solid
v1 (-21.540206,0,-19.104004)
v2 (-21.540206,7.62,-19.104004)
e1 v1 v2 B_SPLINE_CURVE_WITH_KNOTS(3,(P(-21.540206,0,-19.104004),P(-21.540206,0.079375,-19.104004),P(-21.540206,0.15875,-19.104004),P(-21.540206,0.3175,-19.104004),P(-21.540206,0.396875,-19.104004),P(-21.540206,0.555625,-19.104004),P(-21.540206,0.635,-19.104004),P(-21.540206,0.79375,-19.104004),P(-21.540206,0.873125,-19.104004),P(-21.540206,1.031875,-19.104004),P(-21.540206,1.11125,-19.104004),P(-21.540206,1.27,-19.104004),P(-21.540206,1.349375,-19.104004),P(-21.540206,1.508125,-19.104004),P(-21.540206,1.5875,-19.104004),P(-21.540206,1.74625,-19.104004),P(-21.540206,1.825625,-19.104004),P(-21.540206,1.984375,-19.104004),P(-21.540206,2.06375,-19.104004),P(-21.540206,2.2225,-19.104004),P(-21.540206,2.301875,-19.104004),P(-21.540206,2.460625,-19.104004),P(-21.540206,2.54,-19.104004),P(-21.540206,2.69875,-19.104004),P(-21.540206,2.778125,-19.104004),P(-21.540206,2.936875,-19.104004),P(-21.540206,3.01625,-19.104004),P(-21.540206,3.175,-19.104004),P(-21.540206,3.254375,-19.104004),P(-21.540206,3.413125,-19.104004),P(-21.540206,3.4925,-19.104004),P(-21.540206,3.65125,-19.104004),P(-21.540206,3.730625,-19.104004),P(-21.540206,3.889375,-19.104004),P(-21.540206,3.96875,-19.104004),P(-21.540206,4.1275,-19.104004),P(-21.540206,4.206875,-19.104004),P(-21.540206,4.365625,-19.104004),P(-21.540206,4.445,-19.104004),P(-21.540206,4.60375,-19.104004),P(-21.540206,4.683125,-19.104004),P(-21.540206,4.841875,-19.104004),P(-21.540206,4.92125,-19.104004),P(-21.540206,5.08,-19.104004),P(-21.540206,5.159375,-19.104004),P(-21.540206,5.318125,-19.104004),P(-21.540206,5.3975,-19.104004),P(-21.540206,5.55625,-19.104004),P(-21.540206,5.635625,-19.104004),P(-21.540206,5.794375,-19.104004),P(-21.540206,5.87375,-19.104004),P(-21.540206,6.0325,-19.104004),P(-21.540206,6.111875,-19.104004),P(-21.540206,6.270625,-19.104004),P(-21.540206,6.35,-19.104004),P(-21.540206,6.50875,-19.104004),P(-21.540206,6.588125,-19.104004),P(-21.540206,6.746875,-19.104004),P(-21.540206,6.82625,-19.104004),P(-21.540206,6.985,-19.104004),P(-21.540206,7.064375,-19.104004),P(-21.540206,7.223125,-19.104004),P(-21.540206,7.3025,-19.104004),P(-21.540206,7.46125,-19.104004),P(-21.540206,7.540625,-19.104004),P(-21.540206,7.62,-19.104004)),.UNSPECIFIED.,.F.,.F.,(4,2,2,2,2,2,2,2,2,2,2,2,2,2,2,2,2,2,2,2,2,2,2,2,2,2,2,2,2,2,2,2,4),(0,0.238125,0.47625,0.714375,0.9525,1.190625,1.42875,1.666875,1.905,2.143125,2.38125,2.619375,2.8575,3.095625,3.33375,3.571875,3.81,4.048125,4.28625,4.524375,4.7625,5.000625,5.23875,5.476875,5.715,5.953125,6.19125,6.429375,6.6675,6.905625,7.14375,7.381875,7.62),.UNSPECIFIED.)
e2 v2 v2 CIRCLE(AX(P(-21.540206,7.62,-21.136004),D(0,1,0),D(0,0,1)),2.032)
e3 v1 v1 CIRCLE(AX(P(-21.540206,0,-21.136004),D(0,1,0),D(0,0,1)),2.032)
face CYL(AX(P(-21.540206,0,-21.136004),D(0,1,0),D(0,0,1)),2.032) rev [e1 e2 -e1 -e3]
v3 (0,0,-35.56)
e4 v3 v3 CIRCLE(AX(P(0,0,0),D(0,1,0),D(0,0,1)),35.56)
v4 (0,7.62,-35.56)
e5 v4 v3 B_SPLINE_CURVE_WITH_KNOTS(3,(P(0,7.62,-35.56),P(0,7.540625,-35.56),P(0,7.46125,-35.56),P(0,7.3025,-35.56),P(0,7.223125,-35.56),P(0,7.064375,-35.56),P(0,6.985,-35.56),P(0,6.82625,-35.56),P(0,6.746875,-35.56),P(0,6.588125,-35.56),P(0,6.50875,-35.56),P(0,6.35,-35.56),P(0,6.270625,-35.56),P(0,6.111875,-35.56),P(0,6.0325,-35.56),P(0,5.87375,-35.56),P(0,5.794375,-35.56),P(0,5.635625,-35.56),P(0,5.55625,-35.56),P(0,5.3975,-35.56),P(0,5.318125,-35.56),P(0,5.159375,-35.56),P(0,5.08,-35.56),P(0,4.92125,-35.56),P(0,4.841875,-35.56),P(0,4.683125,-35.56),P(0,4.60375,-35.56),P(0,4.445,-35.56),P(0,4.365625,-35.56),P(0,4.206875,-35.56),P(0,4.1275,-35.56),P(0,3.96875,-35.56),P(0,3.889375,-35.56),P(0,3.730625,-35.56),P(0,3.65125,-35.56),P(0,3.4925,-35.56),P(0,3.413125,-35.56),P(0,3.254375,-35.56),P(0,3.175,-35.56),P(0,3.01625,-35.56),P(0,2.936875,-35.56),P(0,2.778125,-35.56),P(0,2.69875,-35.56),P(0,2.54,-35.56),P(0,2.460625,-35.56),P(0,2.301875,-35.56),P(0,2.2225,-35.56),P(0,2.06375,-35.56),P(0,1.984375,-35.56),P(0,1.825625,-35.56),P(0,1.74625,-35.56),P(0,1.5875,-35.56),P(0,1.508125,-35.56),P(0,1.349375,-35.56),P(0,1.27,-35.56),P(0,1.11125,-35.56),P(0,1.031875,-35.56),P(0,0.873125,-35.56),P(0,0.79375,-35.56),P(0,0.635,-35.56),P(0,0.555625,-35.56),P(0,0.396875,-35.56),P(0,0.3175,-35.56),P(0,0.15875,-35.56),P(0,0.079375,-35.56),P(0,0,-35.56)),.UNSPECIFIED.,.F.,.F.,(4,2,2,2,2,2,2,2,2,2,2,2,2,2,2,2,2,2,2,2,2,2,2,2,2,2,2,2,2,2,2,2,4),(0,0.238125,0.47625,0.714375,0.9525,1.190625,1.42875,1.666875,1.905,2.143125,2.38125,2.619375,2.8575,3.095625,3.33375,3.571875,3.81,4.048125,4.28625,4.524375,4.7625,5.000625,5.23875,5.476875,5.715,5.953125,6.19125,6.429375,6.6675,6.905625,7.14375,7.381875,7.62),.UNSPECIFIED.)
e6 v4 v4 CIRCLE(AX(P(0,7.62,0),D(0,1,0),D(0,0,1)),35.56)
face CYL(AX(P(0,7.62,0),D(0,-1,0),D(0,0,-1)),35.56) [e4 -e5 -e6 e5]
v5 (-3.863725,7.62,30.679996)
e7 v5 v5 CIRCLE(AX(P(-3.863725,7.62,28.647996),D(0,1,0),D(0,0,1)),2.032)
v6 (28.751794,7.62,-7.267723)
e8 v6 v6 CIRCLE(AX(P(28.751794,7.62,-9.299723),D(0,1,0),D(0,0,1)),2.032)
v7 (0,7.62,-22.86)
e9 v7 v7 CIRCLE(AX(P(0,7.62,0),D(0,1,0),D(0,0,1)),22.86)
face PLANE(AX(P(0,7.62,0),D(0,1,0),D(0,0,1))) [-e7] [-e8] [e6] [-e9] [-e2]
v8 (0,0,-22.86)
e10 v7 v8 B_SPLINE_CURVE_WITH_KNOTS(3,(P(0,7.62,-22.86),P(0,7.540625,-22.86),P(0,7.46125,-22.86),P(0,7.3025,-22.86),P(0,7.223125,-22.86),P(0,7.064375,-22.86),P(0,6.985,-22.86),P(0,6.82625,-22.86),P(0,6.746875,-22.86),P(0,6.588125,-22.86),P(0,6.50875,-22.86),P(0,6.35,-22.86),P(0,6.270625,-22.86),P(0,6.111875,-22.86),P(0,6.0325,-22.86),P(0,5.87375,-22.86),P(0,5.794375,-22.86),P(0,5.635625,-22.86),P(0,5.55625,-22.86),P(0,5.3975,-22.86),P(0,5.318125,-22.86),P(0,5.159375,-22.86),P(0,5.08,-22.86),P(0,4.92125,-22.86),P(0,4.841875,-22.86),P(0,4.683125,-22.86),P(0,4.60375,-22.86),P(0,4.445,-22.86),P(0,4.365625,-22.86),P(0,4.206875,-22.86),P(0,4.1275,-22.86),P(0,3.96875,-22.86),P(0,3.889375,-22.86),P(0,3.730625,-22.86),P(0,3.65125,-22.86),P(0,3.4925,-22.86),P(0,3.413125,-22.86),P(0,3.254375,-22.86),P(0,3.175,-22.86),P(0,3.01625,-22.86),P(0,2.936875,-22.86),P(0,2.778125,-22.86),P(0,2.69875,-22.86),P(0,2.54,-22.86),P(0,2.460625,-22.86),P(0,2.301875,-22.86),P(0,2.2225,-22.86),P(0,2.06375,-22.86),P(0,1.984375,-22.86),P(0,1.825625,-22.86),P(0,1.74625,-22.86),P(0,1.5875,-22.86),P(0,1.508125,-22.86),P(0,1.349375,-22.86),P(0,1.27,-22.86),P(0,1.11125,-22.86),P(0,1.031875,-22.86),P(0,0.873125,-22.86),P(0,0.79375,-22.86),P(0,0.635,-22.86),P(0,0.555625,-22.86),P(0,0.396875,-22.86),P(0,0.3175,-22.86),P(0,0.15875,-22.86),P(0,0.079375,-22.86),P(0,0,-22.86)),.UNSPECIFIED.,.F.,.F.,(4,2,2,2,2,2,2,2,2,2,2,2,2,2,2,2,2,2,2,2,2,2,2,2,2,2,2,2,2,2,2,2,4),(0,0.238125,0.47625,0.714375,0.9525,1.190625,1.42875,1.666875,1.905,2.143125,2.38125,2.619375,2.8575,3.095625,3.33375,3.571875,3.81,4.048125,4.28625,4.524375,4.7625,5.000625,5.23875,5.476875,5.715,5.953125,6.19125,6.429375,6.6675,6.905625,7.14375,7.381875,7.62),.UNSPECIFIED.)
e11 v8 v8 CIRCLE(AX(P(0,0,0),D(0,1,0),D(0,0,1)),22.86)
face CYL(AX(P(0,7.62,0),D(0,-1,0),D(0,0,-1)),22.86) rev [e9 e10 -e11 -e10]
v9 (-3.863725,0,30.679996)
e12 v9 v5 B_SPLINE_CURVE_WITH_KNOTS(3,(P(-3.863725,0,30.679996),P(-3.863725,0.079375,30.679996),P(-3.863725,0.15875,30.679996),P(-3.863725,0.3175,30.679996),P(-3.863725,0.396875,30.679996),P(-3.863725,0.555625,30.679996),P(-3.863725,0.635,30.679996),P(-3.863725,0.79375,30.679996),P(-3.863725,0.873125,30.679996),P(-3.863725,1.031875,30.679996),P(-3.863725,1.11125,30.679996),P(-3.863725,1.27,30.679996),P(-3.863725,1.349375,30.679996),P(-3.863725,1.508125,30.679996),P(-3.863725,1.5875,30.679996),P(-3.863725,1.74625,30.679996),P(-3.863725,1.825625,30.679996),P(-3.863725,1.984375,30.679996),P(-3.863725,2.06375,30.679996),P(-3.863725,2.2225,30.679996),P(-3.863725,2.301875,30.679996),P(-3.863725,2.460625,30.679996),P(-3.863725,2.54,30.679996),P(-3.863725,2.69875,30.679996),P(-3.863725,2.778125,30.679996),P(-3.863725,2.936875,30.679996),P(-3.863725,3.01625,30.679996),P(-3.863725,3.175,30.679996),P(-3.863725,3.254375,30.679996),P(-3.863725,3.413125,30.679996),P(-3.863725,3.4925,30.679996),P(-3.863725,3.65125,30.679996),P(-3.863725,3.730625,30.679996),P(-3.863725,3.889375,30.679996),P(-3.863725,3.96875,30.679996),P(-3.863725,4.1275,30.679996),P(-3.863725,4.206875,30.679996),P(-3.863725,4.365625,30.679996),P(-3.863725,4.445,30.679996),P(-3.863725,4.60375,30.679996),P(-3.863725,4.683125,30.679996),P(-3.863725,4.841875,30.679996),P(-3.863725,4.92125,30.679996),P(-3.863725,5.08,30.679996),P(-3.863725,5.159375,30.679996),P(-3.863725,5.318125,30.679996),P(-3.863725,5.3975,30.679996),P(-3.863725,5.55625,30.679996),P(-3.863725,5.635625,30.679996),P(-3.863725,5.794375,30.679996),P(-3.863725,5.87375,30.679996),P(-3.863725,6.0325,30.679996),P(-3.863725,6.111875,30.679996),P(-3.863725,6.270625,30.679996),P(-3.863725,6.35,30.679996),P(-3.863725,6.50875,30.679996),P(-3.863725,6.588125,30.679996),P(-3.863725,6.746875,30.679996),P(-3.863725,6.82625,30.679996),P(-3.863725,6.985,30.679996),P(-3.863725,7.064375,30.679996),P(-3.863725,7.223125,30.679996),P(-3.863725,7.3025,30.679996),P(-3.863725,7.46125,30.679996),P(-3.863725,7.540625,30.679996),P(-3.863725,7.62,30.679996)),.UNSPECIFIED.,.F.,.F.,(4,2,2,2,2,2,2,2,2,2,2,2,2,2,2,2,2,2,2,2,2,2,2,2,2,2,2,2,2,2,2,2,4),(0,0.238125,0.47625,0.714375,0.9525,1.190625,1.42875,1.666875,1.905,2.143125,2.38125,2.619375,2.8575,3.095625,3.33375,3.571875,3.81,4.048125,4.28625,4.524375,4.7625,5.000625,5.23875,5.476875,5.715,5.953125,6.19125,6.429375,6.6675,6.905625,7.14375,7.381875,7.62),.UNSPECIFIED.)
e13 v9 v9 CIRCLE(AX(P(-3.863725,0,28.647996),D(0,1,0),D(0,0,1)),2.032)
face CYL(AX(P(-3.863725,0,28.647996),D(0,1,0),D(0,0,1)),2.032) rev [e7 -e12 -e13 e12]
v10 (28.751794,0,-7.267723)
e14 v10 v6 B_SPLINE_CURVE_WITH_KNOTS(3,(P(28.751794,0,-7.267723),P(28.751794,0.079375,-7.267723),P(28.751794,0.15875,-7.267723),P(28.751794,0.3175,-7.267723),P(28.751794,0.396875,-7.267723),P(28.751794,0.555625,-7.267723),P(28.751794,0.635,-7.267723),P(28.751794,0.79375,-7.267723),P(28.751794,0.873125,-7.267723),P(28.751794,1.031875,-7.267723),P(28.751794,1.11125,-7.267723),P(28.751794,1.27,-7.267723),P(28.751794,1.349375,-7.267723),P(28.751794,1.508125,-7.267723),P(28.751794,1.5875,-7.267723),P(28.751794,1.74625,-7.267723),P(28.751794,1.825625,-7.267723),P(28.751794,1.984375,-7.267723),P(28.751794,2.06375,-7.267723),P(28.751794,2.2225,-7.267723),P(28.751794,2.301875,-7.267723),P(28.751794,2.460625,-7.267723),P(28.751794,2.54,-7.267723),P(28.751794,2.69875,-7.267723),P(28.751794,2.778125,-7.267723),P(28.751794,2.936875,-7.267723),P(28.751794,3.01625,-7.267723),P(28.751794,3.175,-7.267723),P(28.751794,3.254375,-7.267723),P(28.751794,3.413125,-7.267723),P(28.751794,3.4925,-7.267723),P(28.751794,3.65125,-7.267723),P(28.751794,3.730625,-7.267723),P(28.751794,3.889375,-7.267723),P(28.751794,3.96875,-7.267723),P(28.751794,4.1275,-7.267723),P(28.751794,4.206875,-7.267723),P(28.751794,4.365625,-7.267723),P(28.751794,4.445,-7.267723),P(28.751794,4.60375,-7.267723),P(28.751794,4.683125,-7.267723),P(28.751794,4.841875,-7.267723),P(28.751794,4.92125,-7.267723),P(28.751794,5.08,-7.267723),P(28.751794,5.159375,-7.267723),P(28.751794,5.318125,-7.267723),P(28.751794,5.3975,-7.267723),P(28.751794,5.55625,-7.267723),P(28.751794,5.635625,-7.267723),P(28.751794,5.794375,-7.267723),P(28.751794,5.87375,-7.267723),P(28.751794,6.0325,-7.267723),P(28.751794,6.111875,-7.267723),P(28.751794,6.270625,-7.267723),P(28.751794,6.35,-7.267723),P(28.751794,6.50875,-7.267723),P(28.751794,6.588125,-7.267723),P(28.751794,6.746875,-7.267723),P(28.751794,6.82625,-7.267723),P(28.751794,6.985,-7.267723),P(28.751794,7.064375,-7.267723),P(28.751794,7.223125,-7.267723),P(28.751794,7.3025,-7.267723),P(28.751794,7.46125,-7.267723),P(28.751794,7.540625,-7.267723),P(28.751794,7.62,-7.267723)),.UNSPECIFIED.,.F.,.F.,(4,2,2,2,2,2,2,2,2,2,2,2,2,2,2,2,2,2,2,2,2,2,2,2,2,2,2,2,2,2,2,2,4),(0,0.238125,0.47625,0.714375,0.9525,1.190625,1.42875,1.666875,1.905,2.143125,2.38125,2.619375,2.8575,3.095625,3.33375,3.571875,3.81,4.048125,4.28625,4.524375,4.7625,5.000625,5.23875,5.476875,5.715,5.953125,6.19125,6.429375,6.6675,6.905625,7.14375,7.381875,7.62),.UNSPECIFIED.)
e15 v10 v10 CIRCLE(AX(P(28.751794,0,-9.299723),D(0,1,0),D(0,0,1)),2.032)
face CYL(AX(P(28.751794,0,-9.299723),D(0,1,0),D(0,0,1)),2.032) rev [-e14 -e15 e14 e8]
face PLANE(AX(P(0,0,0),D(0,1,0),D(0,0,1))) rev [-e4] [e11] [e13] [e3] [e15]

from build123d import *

# Parameters (mm, degrees)
SKETCH1_R           = 35.56
SKETCH1_R_2         = 22.86
BOSS_EXTRUDE1_DEPTH = 7.62
SKETCH2_R           = 2.032
CUT_EXTRUDE1_DEPTH  = 51.863460362


with BuildPart() as part:
    # Sketch1 → Boss-Extrude1 (new body)
    with BuildSketch(Plane(origin=(0, 0, 0), x_dir=(1, 0, 0), z_dir=(0, 1, 0))):
        with Locations(Location((0, 0, 0), (0, 0, 90))):
            Circle(SKETCH1_R)
        with Locations(Location((0, 0, 0), (0, 0, 90))):
            Circle(SKETCH1_R_2, mode=Mode.SUBTRACT)
    extrude(amount=BOSS_EXTRUDE1_DEPTH)

    # Sketch2 → Cut-Extrude1 (cut, through all)
    with BuildSketch(Plane(origin=(0, 7.62, 0), x_dir=(1, 0, 0), z_dir=(0, 1, 0))):
        with Locations(Location((28.751793919, 9.299723395, 0), (0, 0, 270))):
            Circle(SKETCH2_R)
        with Locations(Location((-3.863724802, -28.647995674, 0), (0, 0, 270))):
            Circle(SKETCH2_R)
        with Locations(Location((-21.540206081, 21.136004326, 0), (0, 0, 270))):
            Circle(SKETCH2_R)
    extrude(amount=-CUT_EXTRUDE1_DEPTH, mode=Mode.SUBTRACT)


solid = part.part
